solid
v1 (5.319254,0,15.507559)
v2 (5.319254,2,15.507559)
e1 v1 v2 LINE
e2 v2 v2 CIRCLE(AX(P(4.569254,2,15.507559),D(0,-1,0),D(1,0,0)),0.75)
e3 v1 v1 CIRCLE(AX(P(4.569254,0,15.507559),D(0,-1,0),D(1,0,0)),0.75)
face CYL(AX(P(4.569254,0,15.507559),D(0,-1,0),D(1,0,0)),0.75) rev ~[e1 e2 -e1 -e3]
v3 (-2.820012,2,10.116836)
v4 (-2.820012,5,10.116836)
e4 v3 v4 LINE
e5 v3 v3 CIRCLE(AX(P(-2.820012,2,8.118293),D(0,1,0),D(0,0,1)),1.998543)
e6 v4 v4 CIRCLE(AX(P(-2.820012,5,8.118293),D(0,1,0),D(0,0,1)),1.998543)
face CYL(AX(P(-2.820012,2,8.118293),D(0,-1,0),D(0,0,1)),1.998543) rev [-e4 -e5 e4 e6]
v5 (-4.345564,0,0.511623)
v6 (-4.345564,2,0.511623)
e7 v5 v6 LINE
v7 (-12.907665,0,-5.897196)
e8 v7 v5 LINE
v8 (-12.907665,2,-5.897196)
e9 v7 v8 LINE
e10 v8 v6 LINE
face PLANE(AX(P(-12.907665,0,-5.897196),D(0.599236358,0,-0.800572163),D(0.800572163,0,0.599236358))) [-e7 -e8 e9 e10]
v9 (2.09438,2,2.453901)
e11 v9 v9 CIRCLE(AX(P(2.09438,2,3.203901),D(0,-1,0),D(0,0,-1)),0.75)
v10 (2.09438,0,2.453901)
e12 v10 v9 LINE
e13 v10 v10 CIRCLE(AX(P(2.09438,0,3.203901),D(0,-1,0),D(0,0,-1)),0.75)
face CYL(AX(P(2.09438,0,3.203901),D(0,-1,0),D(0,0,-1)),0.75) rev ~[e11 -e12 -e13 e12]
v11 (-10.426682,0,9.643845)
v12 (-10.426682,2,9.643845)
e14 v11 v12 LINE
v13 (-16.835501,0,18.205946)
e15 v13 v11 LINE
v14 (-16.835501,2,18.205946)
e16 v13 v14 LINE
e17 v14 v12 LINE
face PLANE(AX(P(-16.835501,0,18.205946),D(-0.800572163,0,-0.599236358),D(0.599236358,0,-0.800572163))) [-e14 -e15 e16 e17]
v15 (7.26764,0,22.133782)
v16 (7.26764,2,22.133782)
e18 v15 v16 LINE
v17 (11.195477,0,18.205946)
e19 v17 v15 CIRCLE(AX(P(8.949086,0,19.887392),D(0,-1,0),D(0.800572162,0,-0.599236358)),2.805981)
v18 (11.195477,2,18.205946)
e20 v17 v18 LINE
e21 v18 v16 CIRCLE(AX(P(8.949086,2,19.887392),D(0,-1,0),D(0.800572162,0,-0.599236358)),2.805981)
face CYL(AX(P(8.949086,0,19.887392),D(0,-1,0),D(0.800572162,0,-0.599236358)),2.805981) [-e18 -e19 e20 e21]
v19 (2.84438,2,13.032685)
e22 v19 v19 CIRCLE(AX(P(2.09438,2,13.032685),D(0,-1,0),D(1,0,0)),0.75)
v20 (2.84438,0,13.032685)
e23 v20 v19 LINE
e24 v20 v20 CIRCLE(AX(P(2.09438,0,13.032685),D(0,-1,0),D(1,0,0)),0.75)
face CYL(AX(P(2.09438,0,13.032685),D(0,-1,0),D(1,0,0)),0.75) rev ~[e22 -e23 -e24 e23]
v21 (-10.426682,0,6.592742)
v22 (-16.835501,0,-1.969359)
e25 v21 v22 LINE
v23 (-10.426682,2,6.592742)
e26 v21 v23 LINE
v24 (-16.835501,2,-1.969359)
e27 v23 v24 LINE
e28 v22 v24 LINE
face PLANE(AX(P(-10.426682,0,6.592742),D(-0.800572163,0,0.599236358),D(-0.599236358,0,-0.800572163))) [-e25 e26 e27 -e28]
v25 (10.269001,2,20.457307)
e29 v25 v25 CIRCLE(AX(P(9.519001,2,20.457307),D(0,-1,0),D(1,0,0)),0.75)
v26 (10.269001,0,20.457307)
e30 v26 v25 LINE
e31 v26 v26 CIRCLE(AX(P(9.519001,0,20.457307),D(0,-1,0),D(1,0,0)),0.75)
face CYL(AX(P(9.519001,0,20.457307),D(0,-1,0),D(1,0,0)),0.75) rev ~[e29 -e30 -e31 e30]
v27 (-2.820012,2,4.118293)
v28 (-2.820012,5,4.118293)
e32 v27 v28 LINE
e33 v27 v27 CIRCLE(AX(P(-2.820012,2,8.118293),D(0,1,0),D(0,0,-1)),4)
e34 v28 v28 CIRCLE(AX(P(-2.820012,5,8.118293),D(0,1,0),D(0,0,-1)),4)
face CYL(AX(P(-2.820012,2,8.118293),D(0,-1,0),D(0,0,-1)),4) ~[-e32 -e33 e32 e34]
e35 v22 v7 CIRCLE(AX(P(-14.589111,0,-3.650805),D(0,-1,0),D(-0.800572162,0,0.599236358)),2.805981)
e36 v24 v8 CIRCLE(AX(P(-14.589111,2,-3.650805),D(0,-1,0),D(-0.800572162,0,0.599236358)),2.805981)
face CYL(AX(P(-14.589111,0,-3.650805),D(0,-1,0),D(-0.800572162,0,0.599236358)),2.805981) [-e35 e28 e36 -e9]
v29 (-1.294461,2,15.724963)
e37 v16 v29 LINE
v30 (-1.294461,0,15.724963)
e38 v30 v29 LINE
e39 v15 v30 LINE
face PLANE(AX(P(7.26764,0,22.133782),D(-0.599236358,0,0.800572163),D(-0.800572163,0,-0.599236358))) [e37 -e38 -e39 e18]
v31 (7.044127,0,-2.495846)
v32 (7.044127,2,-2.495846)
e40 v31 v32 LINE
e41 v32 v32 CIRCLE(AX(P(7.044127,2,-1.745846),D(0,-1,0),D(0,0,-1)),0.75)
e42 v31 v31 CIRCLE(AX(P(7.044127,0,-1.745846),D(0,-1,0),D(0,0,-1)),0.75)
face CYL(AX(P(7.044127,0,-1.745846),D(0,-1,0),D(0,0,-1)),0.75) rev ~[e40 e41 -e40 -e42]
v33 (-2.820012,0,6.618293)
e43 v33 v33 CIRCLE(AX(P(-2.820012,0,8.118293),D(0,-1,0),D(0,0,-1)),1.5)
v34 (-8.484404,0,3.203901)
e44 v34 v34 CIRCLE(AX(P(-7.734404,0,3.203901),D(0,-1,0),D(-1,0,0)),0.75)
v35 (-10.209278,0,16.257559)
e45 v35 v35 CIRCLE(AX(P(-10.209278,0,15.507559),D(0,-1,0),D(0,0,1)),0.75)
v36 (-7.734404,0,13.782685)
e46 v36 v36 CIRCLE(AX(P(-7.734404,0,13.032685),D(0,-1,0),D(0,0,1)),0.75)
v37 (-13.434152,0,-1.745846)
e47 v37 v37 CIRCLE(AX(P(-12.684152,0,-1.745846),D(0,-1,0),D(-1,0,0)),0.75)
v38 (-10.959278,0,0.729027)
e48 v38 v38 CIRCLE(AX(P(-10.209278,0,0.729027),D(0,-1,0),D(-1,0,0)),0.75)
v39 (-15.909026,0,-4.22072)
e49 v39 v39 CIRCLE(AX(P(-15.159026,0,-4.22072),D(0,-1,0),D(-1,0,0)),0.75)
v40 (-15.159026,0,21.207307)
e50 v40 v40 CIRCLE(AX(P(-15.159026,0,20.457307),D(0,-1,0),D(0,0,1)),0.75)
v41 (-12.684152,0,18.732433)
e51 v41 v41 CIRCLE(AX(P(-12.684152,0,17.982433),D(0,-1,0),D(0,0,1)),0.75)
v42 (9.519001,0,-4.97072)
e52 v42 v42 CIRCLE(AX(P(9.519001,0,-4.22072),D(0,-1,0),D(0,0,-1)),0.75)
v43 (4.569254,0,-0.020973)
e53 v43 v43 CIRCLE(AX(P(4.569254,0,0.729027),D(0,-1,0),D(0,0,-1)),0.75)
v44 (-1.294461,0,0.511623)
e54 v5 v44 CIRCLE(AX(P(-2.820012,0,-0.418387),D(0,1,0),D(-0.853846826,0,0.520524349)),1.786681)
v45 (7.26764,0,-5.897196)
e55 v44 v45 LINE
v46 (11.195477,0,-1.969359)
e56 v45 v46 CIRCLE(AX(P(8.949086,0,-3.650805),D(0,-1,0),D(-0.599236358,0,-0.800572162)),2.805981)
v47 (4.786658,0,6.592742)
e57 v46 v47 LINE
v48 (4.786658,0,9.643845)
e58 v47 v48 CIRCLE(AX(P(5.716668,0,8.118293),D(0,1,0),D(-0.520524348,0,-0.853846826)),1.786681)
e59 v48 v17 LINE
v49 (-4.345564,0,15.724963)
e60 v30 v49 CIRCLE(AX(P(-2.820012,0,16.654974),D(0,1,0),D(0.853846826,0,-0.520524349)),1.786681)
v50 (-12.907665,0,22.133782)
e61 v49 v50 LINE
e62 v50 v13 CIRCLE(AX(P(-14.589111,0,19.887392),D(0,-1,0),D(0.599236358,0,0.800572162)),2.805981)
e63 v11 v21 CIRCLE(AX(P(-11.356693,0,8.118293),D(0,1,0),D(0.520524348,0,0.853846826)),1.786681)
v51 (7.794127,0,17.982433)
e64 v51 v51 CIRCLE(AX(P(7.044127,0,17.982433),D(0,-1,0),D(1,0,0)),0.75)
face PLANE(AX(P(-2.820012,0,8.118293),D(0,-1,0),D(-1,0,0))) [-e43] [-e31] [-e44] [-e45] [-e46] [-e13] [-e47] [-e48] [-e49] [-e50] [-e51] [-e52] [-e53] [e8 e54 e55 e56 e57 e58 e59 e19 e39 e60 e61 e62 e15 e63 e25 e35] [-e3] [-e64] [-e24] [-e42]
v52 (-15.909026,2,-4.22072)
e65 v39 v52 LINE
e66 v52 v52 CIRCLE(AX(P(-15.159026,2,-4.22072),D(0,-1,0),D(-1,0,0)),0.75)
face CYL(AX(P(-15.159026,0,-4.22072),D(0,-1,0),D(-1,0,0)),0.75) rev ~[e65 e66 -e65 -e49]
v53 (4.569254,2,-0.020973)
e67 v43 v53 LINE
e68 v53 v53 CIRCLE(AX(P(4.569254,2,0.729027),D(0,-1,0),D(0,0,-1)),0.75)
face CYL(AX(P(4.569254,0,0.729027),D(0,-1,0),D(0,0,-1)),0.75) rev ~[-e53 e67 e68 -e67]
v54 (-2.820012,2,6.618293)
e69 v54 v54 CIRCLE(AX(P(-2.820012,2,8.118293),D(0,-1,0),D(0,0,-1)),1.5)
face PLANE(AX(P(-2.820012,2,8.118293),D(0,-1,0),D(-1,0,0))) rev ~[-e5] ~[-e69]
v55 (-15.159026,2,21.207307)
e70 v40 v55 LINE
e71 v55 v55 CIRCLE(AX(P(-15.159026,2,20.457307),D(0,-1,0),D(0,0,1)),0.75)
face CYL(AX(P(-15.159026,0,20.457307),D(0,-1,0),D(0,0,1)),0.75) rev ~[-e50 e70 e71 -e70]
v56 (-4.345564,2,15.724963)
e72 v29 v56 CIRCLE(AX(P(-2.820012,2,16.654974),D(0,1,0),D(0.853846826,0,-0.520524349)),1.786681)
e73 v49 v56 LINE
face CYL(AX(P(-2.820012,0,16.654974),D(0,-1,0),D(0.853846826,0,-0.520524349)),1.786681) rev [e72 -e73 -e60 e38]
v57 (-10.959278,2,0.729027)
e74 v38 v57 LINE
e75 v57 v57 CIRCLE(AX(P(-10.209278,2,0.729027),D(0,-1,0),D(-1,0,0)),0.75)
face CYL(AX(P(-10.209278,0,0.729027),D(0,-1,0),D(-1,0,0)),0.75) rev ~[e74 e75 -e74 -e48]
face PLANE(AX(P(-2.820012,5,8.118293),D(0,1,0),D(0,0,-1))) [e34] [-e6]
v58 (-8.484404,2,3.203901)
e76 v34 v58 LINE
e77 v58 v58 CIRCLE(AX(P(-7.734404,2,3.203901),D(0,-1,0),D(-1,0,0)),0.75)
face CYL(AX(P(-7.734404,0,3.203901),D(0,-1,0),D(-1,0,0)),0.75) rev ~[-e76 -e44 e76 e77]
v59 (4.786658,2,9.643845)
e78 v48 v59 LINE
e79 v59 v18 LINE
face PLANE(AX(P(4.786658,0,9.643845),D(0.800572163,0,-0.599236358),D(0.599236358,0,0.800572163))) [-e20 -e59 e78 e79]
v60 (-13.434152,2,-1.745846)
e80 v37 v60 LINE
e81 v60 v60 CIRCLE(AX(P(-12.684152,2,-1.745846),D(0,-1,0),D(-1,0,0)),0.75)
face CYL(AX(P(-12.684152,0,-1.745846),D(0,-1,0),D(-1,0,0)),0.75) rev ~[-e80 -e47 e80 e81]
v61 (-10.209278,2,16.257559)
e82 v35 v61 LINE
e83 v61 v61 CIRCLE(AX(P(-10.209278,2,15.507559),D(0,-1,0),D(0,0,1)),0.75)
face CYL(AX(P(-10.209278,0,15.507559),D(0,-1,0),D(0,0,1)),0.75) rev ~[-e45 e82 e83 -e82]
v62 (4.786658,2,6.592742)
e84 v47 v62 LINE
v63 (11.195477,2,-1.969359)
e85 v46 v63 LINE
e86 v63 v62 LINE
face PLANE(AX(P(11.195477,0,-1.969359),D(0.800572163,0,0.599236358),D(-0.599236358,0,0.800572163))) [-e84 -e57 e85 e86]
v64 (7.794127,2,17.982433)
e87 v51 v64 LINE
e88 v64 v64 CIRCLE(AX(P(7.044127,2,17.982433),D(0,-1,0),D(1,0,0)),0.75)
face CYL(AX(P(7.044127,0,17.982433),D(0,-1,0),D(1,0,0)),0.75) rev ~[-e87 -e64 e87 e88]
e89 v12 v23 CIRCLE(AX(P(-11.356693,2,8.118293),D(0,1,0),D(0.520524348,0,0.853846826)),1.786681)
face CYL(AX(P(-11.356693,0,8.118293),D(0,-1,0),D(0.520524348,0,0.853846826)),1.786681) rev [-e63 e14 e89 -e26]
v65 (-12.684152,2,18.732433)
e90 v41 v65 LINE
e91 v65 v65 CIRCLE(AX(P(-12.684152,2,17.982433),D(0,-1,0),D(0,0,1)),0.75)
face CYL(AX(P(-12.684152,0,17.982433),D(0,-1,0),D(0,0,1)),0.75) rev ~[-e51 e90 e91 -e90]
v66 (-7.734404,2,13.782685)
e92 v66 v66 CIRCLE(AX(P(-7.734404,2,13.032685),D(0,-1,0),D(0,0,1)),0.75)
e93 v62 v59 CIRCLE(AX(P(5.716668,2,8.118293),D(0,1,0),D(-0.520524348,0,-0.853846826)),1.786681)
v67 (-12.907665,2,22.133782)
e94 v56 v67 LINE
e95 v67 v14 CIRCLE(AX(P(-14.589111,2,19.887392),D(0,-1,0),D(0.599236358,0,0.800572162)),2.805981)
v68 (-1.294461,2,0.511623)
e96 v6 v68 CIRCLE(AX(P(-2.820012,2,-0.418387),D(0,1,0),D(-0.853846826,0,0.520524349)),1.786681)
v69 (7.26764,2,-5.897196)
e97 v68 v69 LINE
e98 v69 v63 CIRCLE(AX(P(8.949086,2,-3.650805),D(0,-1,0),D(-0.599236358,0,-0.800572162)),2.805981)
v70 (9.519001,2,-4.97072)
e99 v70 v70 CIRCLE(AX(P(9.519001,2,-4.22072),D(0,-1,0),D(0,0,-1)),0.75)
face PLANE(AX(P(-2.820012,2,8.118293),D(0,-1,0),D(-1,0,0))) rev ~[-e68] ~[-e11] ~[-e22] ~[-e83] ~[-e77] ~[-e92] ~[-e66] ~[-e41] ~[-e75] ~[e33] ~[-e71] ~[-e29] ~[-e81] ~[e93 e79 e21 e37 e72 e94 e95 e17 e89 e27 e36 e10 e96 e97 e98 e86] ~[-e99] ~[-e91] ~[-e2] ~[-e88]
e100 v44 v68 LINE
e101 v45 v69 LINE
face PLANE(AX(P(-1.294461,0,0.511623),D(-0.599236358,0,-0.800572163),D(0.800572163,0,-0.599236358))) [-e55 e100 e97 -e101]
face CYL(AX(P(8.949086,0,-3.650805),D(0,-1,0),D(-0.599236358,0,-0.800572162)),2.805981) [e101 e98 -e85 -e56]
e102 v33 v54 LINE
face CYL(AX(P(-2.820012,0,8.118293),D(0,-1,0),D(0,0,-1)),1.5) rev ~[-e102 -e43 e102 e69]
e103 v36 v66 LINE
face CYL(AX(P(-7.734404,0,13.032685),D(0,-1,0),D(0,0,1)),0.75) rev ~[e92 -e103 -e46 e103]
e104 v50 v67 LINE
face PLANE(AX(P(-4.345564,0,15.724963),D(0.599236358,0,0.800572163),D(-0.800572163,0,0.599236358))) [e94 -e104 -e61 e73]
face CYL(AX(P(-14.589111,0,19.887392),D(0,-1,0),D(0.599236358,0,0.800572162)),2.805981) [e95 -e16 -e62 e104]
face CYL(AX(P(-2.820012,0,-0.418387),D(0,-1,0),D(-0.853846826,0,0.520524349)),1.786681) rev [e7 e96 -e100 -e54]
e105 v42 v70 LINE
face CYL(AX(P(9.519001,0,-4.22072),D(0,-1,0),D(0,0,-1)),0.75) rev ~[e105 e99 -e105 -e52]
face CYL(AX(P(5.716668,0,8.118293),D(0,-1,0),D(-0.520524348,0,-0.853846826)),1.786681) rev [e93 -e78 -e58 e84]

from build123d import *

# Parameters (mm, degrees)
BOSS_EXTRUDE1_DEPTH          = 2
SKETCH5_R                    = 4
SKETCH5_R_2                  = 1.998542518
BOSS_EXTRUDE2_DEPTH          = 3
SKETCH8_R                    = 1.5
CUT_EXTRUDE2_DEPTH           = 30.027201103
CUT_EXTRUDE3_REACH           = 31.027
SKETCH10_R                   = 0.75
LPATTERN1_COUNT              = 4
LPATTERN1_PITCH              = 3.5
CIRPATTERN1_COPY_1_REACH     = 31.027
CIRPATTERN1_COPY_1_SKETCH_R  = 0.75
CIRPATTERN1_COPY_2_REACH     = 31.027
CIRPATTERN1_COPY_2_SKETCH_R  = 0.75
CIRPATTERN1_COPY_3_REACH     = 31.027
CIRPATTERN1_COPY_3_SKETCH_R  = 0.75
CIRPATTERN1_COPY_4_REACH     = 31.027
CIRPATTERN1_COPY_4_SKETCH_R  = 0.75
CIRPATTERN1_COPY_5_REACH     = 31.027
CIRPATTERN1_COPY_5_SKETCH_R  = 0.75
CIRPATTERN1_COPY_6_REACH     = 31.027
CIRPATTERN1_COPY_6_SKETCH_R  = 0.75
CIRPATTERN1_COPY_7_REACH     = 31.027
CIRPATTERN1_COPY_7_SKETCH_R  = 0.75
CIRPATTERN1_COPY_8_REACH     = 31.027
CIRPATTERN1_COPY_8_SKETCH_R  = 0.75
CIRPATTERN1_COPY_9_REACH     = 31.027
CIRPATTERN1_COPY_9_SKETCH_R  = 0.75
CIRPATTERN1_COPY_10_REACH    = 31.027
CIRPATTERN1_COPY_10_SKETCH_R = 0.75
CIRPATTERN1_COPY_11_REACH    = 31.027
CIRPATTERN1_COPY_11_SKETCH_R = 0.75
CIRPATTERN1_COPY_12_REACH    = 31.027
CIRPATTERN1_COPY_12_SKETCH_R = 0.75


with BuildPart() as part:
    # Sketch1 → Boss-Extrude1 (new body)
    with BuildSketch(Plane(origin=(0, 0, 0), x_dir=(1, 0, 0), z_dir=(0, 1, 0))):
        with BuildLine():
            Line((11.195476756, 1.969359322), (4.786657556, -6.592741724))
            ThreePointArc((4.786657556, -6.592741724), (3.929987754, -8.118293207), (4.786657556, -9.643844691))
            Line((4.786657556, -9.643844691), (11.195476756, -18.205945736))
            ThreePointArc((11.195476756, -18.205945736), (10.933214648, -21.871520101), (7.267640283, -22.133782209))
            Line((7.267640283, -22.133782209), (-1.294460762, -15.724963009))
            ThreePointArc((-1.294460762, -15.724963009), (-2.820012246, -14.868293207), (-4.34556373, -15.724963009))
            Line((-4.34556373, -15.724963009), (-12.907664775, -22.133782209))
            ThreePointArc((-12.907664775, -22.133782209), (-16.57323914, -21.871520101), (-16.835501248, -18.205945736))
            Line((-16.835501248, -18.205945736), (-10.426682048, -9.643844691))
            ThreePointArc((-10.426682048, -9.643844691), (-9.570012246, -8.118293207), (-10.426682048, -6.592741724))
            Line((-10.426682048, -6.592741724), (-16.835501248, 1.969359322))
            ThreePointArc((-16.835501248, 1.969359322), (-16.57323914, 5.634933687), (-12.907664775, 5.897195795))
            Line((-12.907664775, 5.897195795), (-4.34556373, -0.511623405))
            ThreePointArc((-4.34556373, -0.511623405), (-2.820012246, -1.368293207), (-1.294460762, -0.511623405))
            Line((-1.294460762, -0.511623405), (7.267640283, 5.897195795))
            ThreePointArc((7.267640283, 5.897195795), (10.933214648, 5.634933687), (11.195476756, 1.969359322))
        make_face()
    extrude(amount=BOSS_EXTRUDE1_DEPTH)

    # Sketch5 → Boss-Extrude2 (add)
    with BuildSketch(Plane(origin=(0, 2, 0), x_dir=(1, 0, 0), z_dir=(0, 1, 0))):
        with Locations((-2.820012246, -8.118293207)):
            Circle(SKETCH5_R)
        with Locations((-2.820012246, -8.118293207)):
            Circle(SKETCH5_R_2, mode=Mode.SUBTRACT)
    extrude(amount=BOSS_EXTRUDE2_DEPTH)

    # Sketch8 → Cut-Extrude2 (cut, through all)
    with BuildSketch(Plane.XZ):
        with Locations((-2.820012246, 8.118293207)):
            Circle(SKETCH8_R)
    extrude(amount=-CUT_EXTRUDE2_DEPTH, mode=Mode.SUBTRACT)

    # Sketch10 → Cut-Extrude3 (cut, up to next)
    with BuildSketch(Plane.XZ, mode=Mode.PRIVATE) as cut_extrude3_sk1:
        with Locations((9.519001086, -4.220720125)):
            Circle(SKETCH10_R)
    cut_extrude3_tool1 = extrude(cut_extrude3_sk1.sketch, amount=-CUT_EXTRUDE3_REACH, mode=Mode.PRIVATE) & part.part
    cut_extrude3 = cut_extrude3_tool1.solids().sort_by_distance((9.519001, 0, -4.22072))[0]
    add(cut_extrude3, mode=Mode.SUBTRACT)

    # LPattern1: Cut-Extrude3 ×4
    with Locations(*[Vector(-0.707106781186547, 0, 0.707106781186548) * (i * LPATTERN1_PITCH) for i in range(1, LPATTERN1_COUNT)]):
        add(cut_extrude3, mode=Mode.SUBTRACT)

    # CirPattern1 copy 1 sketch → CirPattern1 copy 1 (cut, up to next)
    with BuildSketch(Plane(origin=(2.823407227, 0, 8.463431719), x_dir=(0, 0, 1), z_dir=(0, -1, 0)), mode=Mode.PRIVATE) as cirpattern1_copy_1_sk1:
        with Locations((9.519001086, -4.220720125)):
            Circle(CIRPATTERN1_COPY_1_SKETCH_R)
    cirpattern1_copy_1_tool1 = extrude(cirpattern1_copy_1_sk1.sketch, amount=-CIRPATTERN1_COPY_1_REACH, mode=Mode.PRIVATE) & part.part
    add(cirpattern1_copy_1_tool1.solids().sort_by_distance((7.044127227, 0, 17.982432719))[0], mode=Mode.SUBTRACT)

    # CirPattern1 copy 2 sketch → CirPattern1 copy 2 (cut, up to next)
    with BuildSketch(Plane(origin=(-3.165150758, 0, 13.76171268), x_dir=(-1, 0, 0), z_dir=(0, -1, 0)), mode=Mode.PRIVATE) as cirpattern1_copy_2_sk1:
        with Locations((9.519001086, -4.220720125)):
            Circle(CIRPATTERN1_COPY_2_SKETCH_R)
    cirpattern1_copy_2_tool1 = extrude(cirpattern1_copy_2_sk1.sketch, amount=-CIRPATTERN1_COPY_2_REACH, mode=Mode.PRIVATE) & part.part
    add(cirpattern1_copy_2_tool1.solids().sort_by_distance((-12.684151758, 0, 17.98243268))[0], mode=Mode.SUBTRACT)

    # CirPattern1 copy 3 sketch → CirPattern1 copy 3 (cut, up to next)
    with BuildSketch(Plane(origin=(-8.463431719, 0, 7.773154695), x_dir=(0, 0, -1), z_dir=(0, -1, 0)), mode=Mode.PRIVATE) as cirpattern1_copy_3_sk1:
        with Locations((9.519001086, -4.220720125)):
            Circle(CIRPATTERN1_COPY_3_SKETCH_R)
    cirpattern1_copy_3_tool1 = extrude(cirpattern1_copy_3_sk1.sketch, amount=-CIRPATTERN1_COPY_3_REACH, mode=Mode.PRIVATE) & part.part
    add(cirpattern1_copy_3_tool1.solids().sort_by_distance((-12.684151719, 0, -1.745846305))[0], mode=Mode.SUBTRACT)

    # CirPattern1 copy 4 sketch → CirPattern1 copy 4 (cut, up to next)
    with BuildSketch(Plane(origin=(0.348533493, 0, 5.988557985), x_dir=(0, 0, 1), z_dir=(0, -1, 0)), mode=Mode.PRIVATE) as cirpattern1_copy_4_sk1:
        with Locations((9.519001086, -4.220720125)):
            Circle(CIRPATTERN1_COPY_4_SKETCH_R)
    cirpattern1_copy_4_tool1 = extrude(cirpattern1_copy_4_sk1.sketch, amount=-CIRPATTERN1_COPY_4_REACH, mode=Mode.PRIVATE) & part.part
    add(cirpattern1_copy_4_tool1.solids().sort_by_distance((4.569253493, 0, 15.507558985))[0], mode=Mode.SUBTRACT)

    # CirPattern1 copy 5 sketch → CirPattern1 copy 5 (cut, up to next)
    with BuildSketch(Plane(origin=(-0.690277024, 0, 11.286838946), x_dir=(-1, 0, 0), z_dir=(0, -1, 0)), mode=Mode.PRIVATE) as cirpattern1_copy_5_sk1:
        with Locations((9.519001086, -4.220720125)):
            Circle(CIRPATTERN1_COPY_5_SKETCH_R)
    cirpattern1_copy_5_tool1 = extrude(cirpattern1_copy_5_sk1.sketch, amount=-CIRPATTERN1_COPY_5_REACH, mode=Mode.PRIVATE) & part.part
    add(cirpattern1_copy_5_tool1.solids().sort_by_distance((-10.209278024, 0, 15.507558946))[0], mode=Mode.SUBTRACT)

    # CirPattern1 copy 6 sketch → CirPattern1 copy 6 (cut, up to next)
    with BuildSketch(Plane(origin=(-5.988557985, 0, 10.248028429), x_dir=(0, 0, -1), z_dir=(0, -1, 0)), mode=Mode.PRIVATE) as cirpattern1_copy_6_sk1:
        with Locations((9.519001086, -4.220720125)):
            Circle(CIRPATTERN1_COPY_6_SKETCH_R)
    cirpattern1_copy_6_tool1 = extrude(cirpattern1_copy_6_sk1.sketch, amount=-CIRPATTERN1_COPY_6_REACH, mode=Mode.PRIVATE) & part.part
    add(cirpattern1_copy_6_tool1.solids().sort_by_distance((-10.209277985, 0, 0.729027429))[0], mode=Mode.SUBTRACT)

    # CirPattern1 copy 7 sketch → CirPattern1 copy 7 (cut, up to next)
    with BuildSketch(Plane(origin=(-2.126340241, 0, 3.513684251), x_dir=(0, 0, 1), z_dir=(0, -1, 0)), mode=Mode.PRIVATE) as cirpattern1_copy_7_sk1:
        with Locations((9.519001086, -4.220720125)):
            Circle(CIRPATTERN1_COPY_7_SKETCH_R)
    cirpattern1_copy_7_tool1 = extrude(cirpattern1_copy_7_sk1.sketch, amount=-CIRPATTERN1_COPY_7_REACH, mode=Mode.PRIVATE) & part.part
    add(cirpattern1_copy_7_tool1.solids().sort_by_distance((2.094379759, 0, 13.032685251))[0], mode=Mode.SUBTRACT)

    # CirPattern1 copy 8 sketch → CirPattern1 copy 8 (cut, up to next)
    with BuildSketch(Plane(origin=(1.78459671, 0, 8.811965212), x_dir=(-1, 0, 0), z_dir=(0, -1, 0)), mode=Mode.PRIVATE) as cirpattern1_copy_8_sk1:
        with Locations((9.519001086, -4.220720125)):
            Circle(CIRPATTERN1_COPY_8_SKETCH_R)
    cirpattern1_copy_8_tool1 = extrude(cirpattern1_copy_8_sk1.sketch, amount=-CIRPATTERN1_COPY_8_REACH, mode=Mode.PRIVATE) & part.part
    add(cirpattern1_copy_8_tool1.solids().sort_by_distance((-7.73440429, 0, 13.032685212))[0], mode=Mode.SUBTRACT)

    # CirPattern1 copy 9 sketch → CirPattern1 copy 9 (cut, up to next)
    with BuildSketch(Plane(origin=(-3.513684251, 0, 12.722902164), x_dir=(0, 0, -1), z_dir=(0, -1, 0)), mode=Mode.PRIVATE) as cirpattern1_copy_9_sk1:
        with Locations((9.519001086, -4.220720125)):
            Circle(CIRPATTERN1_COPY_9_SKETCH_R)
    cirpattern1_copy_9_tool1 = extrude(cirpattern1_copy_9_sk1.sketch, amount=-CIRPATTERN1_COPY_9_REACH, mode=Mode.PRIVATE) & part.part
    add(cirpattern1_copy_9_tool1.solids().sort_by_distance((-7.734404251, 0, 3.203901164))[0], mode=Mode.SUBTRACT)

    # CirPattern1 copy 10 sketch → CirPattern1 copy 10 (cut, up to next)
    with BuildSketch(Plane(origin=(5.298280961, 0, 10.938305453), x_dir=(0, 0, 1), z_dir=(0, -1, 0)), mode=Mode.PRIVATE) as cirpattern1_copy_10_sk1:
        with Locations((9.519001086, -4.220720125)):
            Circle(CIRPATTERN1_COPY_10_SKETCH_R)
    cirpattern1_copy_10_tool1 = extrude(cirpattern1_copy_10_sk1.sketch, amount=-CIRPATTERN1_COPY_10_REACH, mode=Mode.PRIVATE) & part.part
    add(cirpattern1_copy_10_tool1.solids().sort_by_distance((9.519000961, 0, 20.457306453))[0], mode=Mode.SUBTRACT)

    # CirPattern1 copy 11 sketch → CirPattern1 copy 11 (cut, up to next)
    with BuildSketch(Plane(origin=(-5.640024492, 0, 16.236586414), x_dir=(-1, 0, 0), z_dir=(0, -1, 0)), mode=Mode.PRIVATE) as cirpattern1_copy_11_sk1:
        with Locations((9.519001086, -4.220720125)):
            Circle(CIRPATTERN1_COPY_11_SKETCH_R)
    cirpattern1_copy_11_tool1 = extrude(cirpattern1_copy_11_sk1.sketch, amount=-CIRPATTERN1_COPY_11_REACH, mode=Mode.PRIVATE) & part.part
    add(cirpattern1_copy_11_tool1.solids().sort_by_distance((-15.159025492, 0, 20.457306414))[0], mode=Mode.SUBTRACT)

    # CirPattern1 copy 12 sketch → CirPattern1 copy 12 (cut, up to next)
    with BuildSketch(Plane(origin=(-10.938305453, 0, 5.298280961), x_dir=(0, 0, -1), z_dir=(0, -1, 0)), mode=Mode.PRIVATE) as cirpattern1_copy_12_sk1:
        with Locations((9.519001086, -4.220720125)):
            Circle(CIRPATTERN1_COPY_12_SKETCH_R)
    cirpattern1_copy_12_tool1 = extrude(cirpattern1_copy_12_sk1.sketch, amount=-CIRPATTERN1_COPY_12_REACH, mode=Mode.PRIVATE) & part.part
    add(cirpattern1_copy_12_tool1.solids().sort_by_distance((-15.159025453, 0, -4.220720039))[0], mode=Mode.SUBTRACT)


solid = part.part
